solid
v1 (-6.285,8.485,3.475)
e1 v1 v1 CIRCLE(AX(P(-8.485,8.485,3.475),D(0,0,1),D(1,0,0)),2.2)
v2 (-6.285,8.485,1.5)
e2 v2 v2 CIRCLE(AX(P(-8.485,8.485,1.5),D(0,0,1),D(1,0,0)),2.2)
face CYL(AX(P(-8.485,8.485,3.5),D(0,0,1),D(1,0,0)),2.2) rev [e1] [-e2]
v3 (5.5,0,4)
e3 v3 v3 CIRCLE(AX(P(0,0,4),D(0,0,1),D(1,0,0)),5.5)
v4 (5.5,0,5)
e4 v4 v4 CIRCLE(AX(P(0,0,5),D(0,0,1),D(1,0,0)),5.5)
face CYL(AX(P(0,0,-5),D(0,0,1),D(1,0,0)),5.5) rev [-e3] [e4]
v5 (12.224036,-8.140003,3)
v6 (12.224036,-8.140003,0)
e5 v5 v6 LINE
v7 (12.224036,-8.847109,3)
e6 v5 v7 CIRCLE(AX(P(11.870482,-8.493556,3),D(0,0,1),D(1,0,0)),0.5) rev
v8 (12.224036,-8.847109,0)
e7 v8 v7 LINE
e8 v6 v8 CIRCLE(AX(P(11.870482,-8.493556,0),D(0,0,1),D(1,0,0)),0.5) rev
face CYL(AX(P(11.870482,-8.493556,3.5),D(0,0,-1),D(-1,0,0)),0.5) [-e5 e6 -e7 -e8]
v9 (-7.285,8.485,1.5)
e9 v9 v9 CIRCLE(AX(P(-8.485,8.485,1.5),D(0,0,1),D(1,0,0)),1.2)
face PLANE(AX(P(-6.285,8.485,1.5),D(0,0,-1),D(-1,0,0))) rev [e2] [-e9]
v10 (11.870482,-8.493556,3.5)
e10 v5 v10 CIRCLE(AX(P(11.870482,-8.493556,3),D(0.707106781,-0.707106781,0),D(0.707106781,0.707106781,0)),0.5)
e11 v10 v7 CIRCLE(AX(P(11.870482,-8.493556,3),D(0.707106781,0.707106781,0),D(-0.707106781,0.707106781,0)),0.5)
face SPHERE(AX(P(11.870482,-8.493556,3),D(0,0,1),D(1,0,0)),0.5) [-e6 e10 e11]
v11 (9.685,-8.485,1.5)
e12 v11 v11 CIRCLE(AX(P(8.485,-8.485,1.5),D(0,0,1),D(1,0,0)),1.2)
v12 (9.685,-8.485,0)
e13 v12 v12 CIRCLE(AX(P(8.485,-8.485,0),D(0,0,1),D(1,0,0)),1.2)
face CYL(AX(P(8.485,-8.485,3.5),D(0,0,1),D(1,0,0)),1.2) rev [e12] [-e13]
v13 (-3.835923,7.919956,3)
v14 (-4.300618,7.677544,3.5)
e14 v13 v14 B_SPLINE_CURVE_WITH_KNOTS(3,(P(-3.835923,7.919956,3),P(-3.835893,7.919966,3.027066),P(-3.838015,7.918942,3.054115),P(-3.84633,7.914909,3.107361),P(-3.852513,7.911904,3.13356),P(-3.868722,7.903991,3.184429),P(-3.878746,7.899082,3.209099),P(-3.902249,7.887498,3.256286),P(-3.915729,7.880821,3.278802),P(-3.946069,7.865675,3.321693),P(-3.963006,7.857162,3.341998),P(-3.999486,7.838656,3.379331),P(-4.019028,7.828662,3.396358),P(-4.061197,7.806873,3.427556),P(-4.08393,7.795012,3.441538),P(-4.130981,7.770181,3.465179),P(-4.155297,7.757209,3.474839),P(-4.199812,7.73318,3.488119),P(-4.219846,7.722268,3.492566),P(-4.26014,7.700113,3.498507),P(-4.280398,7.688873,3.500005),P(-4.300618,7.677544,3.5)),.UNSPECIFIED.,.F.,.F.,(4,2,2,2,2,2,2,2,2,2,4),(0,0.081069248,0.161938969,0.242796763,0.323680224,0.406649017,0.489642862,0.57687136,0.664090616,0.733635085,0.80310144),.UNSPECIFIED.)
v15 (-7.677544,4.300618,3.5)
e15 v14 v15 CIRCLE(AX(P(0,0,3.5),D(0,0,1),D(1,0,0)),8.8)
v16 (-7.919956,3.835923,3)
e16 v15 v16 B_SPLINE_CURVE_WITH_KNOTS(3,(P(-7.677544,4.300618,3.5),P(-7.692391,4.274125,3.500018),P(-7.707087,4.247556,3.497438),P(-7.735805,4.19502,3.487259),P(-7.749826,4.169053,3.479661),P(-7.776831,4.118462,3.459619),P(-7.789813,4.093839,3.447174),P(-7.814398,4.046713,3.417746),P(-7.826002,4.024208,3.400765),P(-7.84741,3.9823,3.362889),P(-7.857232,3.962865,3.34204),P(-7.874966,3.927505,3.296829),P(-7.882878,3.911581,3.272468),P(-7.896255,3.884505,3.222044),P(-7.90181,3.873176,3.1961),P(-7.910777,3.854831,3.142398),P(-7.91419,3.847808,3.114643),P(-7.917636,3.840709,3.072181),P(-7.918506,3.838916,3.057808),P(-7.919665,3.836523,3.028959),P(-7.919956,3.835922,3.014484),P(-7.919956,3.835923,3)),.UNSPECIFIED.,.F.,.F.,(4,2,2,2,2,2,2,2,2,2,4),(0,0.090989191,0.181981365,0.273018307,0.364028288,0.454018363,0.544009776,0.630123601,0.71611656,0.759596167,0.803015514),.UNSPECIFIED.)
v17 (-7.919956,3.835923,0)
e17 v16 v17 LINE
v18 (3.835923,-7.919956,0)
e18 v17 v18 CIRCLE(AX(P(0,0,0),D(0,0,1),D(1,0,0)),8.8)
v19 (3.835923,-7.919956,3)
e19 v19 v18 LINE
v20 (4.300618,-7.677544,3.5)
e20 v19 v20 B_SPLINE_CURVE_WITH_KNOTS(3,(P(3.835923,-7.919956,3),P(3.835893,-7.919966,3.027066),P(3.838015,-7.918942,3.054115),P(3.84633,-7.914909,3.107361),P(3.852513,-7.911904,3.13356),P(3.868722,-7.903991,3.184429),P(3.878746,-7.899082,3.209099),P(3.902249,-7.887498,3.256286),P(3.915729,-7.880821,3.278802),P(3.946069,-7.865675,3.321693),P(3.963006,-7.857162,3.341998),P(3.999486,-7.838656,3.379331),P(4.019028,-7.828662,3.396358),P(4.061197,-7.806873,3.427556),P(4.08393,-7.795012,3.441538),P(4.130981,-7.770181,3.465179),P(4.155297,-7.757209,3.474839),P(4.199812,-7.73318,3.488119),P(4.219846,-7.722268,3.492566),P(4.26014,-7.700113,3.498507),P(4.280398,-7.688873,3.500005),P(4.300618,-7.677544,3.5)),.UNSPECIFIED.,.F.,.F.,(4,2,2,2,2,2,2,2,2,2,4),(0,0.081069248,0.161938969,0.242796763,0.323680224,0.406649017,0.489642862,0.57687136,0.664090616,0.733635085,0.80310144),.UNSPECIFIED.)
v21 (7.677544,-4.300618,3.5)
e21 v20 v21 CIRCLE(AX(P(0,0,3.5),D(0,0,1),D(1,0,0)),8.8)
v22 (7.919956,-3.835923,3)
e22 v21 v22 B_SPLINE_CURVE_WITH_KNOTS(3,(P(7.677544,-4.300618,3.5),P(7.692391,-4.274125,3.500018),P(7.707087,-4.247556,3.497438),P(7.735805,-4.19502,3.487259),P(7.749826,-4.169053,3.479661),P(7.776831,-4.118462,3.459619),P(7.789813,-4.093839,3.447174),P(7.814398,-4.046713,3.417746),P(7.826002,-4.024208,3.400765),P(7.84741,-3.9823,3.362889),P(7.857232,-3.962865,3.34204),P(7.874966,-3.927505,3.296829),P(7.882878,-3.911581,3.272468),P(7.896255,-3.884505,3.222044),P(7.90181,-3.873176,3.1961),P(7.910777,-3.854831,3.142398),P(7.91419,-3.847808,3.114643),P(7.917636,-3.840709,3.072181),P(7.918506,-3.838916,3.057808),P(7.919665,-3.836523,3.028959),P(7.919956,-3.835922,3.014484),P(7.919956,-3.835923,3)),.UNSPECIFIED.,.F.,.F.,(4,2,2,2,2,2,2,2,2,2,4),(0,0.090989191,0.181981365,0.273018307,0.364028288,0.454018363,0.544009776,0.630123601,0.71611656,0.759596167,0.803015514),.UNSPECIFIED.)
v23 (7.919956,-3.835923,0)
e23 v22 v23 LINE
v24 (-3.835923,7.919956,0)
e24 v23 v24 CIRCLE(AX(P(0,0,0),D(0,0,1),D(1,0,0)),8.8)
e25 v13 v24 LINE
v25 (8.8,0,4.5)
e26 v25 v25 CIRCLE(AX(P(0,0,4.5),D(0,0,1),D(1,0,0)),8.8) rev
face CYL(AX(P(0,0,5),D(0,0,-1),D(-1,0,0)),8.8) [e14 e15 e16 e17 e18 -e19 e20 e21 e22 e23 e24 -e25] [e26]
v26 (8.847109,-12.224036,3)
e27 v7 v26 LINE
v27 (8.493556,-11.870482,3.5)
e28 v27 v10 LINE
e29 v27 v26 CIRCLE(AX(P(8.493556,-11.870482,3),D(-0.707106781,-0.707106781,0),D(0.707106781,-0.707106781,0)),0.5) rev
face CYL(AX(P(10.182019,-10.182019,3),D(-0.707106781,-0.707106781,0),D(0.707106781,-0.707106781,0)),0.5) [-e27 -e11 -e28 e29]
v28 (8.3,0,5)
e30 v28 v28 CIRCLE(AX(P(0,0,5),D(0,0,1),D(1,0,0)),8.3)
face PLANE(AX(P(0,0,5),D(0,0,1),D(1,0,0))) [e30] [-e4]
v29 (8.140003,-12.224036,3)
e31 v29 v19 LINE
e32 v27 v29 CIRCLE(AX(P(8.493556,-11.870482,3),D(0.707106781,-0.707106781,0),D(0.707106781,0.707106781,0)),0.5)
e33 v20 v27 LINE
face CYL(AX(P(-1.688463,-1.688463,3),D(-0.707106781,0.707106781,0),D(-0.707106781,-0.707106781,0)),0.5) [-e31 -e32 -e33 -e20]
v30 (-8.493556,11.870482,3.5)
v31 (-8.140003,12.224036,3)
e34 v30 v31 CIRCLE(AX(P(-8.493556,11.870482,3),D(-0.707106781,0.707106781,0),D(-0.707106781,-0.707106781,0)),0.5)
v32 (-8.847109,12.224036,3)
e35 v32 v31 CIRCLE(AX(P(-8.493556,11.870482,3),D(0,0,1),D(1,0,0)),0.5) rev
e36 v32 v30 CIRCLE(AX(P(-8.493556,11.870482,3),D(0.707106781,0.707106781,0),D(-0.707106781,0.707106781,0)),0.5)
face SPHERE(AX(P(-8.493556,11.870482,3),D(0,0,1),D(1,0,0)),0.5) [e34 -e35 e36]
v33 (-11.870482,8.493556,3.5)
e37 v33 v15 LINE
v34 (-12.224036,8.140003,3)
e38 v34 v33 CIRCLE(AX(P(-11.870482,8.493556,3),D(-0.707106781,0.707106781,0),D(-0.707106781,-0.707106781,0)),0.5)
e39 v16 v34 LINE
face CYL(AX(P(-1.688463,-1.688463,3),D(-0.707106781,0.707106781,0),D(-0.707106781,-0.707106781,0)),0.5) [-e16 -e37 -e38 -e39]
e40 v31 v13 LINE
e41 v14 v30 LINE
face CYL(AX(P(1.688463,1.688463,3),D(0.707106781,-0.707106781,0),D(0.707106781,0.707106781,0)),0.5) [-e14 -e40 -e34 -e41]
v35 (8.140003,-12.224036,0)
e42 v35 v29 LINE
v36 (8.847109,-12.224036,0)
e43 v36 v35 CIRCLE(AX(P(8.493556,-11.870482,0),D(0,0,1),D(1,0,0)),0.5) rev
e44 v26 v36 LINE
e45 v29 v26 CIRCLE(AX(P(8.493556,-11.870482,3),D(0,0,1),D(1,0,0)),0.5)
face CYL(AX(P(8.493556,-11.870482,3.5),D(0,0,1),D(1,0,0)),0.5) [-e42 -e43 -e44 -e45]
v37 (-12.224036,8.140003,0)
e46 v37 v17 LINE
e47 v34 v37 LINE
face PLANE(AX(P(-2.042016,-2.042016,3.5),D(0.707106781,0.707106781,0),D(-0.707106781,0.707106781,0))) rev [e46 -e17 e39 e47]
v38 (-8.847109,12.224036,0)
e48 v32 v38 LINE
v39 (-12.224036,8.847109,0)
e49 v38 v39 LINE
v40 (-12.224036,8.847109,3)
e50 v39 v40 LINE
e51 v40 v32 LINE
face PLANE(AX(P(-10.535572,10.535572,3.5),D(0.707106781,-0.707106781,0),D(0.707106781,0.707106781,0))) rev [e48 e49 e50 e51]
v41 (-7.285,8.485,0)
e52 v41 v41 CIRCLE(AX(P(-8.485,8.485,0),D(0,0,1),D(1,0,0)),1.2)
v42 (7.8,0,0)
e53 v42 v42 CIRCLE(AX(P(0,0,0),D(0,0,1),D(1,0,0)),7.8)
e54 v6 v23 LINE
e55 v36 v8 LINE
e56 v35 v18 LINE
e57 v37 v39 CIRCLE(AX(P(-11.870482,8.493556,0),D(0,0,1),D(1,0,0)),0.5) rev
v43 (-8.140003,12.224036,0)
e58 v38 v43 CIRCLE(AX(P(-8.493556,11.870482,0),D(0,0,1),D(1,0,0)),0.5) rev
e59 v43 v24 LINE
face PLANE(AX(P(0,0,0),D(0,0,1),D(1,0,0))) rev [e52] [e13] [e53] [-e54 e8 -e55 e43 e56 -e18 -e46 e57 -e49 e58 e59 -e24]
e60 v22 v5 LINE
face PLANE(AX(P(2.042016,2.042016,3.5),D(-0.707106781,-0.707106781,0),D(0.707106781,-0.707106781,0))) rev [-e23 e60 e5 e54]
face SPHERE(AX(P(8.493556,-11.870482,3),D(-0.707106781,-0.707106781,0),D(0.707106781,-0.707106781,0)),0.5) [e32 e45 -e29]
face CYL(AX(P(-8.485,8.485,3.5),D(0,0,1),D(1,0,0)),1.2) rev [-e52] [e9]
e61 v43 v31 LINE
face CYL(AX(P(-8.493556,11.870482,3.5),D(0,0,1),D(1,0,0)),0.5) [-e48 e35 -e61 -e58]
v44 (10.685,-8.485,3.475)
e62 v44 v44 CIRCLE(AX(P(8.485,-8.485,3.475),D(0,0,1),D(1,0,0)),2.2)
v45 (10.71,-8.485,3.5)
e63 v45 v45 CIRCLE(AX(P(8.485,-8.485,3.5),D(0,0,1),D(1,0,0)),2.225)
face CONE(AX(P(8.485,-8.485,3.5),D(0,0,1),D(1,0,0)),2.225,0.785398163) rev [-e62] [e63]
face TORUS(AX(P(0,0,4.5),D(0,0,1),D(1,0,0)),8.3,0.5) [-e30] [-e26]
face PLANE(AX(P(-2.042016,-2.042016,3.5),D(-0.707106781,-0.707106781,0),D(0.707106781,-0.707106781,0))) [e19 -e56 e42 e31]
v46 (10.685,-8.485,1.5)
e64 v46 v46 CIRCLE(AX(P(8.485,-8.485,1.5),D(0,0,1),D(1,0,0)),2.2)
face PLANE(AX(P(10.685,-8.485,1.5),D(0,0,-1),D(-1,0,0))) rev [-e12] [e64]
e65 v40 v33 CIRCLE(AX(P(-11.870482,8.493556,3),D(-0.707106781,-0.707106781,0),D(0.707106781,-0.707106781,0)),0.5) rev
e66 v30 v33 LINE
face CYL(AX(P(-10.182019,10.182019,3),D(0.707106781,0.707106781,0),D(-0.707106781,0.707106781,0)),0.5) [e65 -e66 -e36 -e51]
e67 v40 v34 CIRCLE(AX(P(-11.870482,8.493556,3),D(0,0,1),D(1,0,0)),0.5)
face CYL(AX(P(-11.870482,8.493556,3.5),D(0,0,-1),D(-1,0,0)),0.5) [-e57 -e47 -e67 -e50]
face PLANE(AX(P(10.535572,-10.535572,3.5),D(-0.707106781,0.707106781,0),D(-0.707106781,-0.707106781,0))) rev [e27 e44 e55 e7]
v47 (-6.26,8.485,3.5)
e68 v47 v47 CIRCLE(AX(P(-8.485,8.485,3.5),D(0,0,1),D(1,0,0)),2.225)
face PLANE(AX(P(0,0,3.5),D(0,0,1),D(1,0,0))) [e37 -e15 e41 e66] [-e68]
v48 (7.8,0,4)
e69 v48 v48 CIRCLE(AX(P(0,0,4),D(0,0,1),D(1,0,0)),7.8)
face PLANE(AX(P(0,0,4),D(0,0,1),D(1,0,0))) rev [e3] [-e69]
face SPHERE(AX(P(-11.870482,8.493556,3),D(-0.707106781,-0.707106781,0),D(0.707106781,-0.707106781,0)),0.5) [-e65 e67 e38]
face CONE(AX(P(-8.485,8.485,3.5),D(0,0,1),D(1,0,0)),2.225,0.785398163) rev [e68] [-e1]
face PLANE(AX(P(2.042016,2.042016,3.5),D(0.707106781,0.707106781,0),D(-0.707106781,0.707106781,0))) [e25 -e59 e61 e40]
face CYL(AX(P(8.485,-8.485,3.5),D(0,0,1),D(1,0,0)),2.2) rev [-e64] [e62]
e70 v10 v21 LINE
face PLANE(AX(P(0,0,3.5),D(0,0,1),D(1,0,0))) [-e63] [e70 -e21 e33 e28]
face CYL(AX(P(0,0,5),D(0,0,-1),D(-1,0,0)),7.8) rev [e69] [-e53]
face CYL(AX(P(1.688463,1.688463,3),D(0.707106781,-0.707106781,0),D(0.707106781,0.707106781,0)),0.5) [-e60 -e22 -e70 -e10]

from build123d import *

# Parameters (mm, degrees)
SKETCH1_R                     = 8.8
BOSS_EXTRUDE1_DEPTH           = 5
SHELL1_T                      = -1
BOSS_EXTRUDE2_DEPTH           = 3.5
CBORE_FOR_M2_SHCS1_AT_2_COUNT = 2
CBORE_FOR_M2_SHCS1_AT_2_PITCH = 23.999204153
FILLET1_R                     = 0.5
SKETCH5_R                     = 5.5
CUT_EXTRUDE1_DEPTH            = 10


with BuildPart() as part:
    # Sketch1 → Boss-Extrude1 (new body)
    with BuildSketch(Plane.XY):
        Circle(SKETCH1_R)
    extrude(amount=BOSS_EXTRUDE1_DEPTH)

    # Shell1
    shell1_openings = [part.faces().sort_by_distance(p)[0] for p in [
        (0, 0, 0),
    ]]
    offset(amount=SHELL1_T, openings=shell1_openings, kind=Kind.INTERSECTION)

    # Sketch1<4> → Boss-Extrude2 (add)
    with BuildSketch(Plane.XY):
        with BuildLine():
            ThreePointArc((-7.919955614, 3.835922715), (-7.171229209, 5.100340344), (-6.222539674, 6.222539674))
            ThreePointArc((-6.222539674, 6.222539674), (-5.100340344, 7.171229209), (-3.835922715, 7.919955614))
            Line((-3.835922715, 7.919955614), (-8.49355603, 12.577588929))
            Line((-8.49355603, 12.577588929), (-12.577588929, 8.49355603))
            Line((-12.577588929, 8.49355603), (-7.919955614, 3.835922715))
        make_face()
        with BuildLine():
            ThreePointArc((7.919955614, -3.835922715), (7.171229209, -5.100340344), (6.222539674, -6.222539674))
            ThreePointArc((6.222539674, -6.222539674), (5.100340344, -7.171229209), (3.835922715, -7.919955614))
            Line((3.835922715, -7.919955614), (8.49355603, -12.577588929))
            Line((8.49355603, -12.577588929), (12.577588929, -8.49355603))
            Line((12.577588929, -8.49355603), (7.919955614, -3.835922715))
        make_face()
    extrude(amount=BOSS_EXTRUDE2_DEPTH)

    # Sketch4 → CBORE for M2 SHCS1 (revolve, cut)
    with BuildSketch(Plane(origin=(-8.485, 8.485, 3.5), x_dir=(0, -1, 0), z_dir=(1, 0, 0))):
        Polygon((0, 0), (0, 3.5), (1.2, 3.5), (1.2, 2), (2.2, 2), (2.2, 0.025), (2.225, 0), align=None)
    cbore_for_m2_shcs1 = revolve(axis=Axis((-8.485, 8.485, 9.85), (0, 0, -1)), mode=Mode.SUBTRACT)

    # CBORE for M2 SHCS1 at 2: CBORE for M2 SHCS1 ×2
    with Locations(*[Vector(0.7071067811865476, -0.7071067811865476, 0) * (i * CBORE_FOR_M2_SHCS1_AT_2_PITCH) for i in range(1, CBORE_FOR_M2_SHCS1_AT_2_COUNT)]):
        add(cbore_for_m2_shcs1, mode=Mode.SUBTRACT)

    # Fillet1
    fillet1_edges = [part.edges().sort_by_distance(p)[0] for p in [
        (-8.49355603, 12.577588929, 1.75),
        (-6.164739372, 10.248772271, 3.5),
        (-10.535572479, 10.535572479, 3.5),
        (-12.577588929, 8.49355603, 1.75),
        (-10.248772271, 6.164739372, 3.5),
        (12.577588929, -8.49355603, 1.75),
        (10.248772271, -6.164739372, 3.5),
        (10.535572479, -10.535572479, 3.5),
        (8.49355603, -12.577588929, 1.75),
        (6.164739372, -10.248772271, 3.5),
        (-8.8, 0, 5),
    ]]
    fillet(fillet1_edges, radius=FILLET1_R)

    # Sketch5 → Cut-Extrude1 (cut)
    with BuildSketch(Plane.XY.offset(5)):
        Circle(SKETCH5_R)
    extrude(amount=-CUT_EXTRUDE1_DEPTH, mode=Mode.SUBTRACT)


solid = part.part
